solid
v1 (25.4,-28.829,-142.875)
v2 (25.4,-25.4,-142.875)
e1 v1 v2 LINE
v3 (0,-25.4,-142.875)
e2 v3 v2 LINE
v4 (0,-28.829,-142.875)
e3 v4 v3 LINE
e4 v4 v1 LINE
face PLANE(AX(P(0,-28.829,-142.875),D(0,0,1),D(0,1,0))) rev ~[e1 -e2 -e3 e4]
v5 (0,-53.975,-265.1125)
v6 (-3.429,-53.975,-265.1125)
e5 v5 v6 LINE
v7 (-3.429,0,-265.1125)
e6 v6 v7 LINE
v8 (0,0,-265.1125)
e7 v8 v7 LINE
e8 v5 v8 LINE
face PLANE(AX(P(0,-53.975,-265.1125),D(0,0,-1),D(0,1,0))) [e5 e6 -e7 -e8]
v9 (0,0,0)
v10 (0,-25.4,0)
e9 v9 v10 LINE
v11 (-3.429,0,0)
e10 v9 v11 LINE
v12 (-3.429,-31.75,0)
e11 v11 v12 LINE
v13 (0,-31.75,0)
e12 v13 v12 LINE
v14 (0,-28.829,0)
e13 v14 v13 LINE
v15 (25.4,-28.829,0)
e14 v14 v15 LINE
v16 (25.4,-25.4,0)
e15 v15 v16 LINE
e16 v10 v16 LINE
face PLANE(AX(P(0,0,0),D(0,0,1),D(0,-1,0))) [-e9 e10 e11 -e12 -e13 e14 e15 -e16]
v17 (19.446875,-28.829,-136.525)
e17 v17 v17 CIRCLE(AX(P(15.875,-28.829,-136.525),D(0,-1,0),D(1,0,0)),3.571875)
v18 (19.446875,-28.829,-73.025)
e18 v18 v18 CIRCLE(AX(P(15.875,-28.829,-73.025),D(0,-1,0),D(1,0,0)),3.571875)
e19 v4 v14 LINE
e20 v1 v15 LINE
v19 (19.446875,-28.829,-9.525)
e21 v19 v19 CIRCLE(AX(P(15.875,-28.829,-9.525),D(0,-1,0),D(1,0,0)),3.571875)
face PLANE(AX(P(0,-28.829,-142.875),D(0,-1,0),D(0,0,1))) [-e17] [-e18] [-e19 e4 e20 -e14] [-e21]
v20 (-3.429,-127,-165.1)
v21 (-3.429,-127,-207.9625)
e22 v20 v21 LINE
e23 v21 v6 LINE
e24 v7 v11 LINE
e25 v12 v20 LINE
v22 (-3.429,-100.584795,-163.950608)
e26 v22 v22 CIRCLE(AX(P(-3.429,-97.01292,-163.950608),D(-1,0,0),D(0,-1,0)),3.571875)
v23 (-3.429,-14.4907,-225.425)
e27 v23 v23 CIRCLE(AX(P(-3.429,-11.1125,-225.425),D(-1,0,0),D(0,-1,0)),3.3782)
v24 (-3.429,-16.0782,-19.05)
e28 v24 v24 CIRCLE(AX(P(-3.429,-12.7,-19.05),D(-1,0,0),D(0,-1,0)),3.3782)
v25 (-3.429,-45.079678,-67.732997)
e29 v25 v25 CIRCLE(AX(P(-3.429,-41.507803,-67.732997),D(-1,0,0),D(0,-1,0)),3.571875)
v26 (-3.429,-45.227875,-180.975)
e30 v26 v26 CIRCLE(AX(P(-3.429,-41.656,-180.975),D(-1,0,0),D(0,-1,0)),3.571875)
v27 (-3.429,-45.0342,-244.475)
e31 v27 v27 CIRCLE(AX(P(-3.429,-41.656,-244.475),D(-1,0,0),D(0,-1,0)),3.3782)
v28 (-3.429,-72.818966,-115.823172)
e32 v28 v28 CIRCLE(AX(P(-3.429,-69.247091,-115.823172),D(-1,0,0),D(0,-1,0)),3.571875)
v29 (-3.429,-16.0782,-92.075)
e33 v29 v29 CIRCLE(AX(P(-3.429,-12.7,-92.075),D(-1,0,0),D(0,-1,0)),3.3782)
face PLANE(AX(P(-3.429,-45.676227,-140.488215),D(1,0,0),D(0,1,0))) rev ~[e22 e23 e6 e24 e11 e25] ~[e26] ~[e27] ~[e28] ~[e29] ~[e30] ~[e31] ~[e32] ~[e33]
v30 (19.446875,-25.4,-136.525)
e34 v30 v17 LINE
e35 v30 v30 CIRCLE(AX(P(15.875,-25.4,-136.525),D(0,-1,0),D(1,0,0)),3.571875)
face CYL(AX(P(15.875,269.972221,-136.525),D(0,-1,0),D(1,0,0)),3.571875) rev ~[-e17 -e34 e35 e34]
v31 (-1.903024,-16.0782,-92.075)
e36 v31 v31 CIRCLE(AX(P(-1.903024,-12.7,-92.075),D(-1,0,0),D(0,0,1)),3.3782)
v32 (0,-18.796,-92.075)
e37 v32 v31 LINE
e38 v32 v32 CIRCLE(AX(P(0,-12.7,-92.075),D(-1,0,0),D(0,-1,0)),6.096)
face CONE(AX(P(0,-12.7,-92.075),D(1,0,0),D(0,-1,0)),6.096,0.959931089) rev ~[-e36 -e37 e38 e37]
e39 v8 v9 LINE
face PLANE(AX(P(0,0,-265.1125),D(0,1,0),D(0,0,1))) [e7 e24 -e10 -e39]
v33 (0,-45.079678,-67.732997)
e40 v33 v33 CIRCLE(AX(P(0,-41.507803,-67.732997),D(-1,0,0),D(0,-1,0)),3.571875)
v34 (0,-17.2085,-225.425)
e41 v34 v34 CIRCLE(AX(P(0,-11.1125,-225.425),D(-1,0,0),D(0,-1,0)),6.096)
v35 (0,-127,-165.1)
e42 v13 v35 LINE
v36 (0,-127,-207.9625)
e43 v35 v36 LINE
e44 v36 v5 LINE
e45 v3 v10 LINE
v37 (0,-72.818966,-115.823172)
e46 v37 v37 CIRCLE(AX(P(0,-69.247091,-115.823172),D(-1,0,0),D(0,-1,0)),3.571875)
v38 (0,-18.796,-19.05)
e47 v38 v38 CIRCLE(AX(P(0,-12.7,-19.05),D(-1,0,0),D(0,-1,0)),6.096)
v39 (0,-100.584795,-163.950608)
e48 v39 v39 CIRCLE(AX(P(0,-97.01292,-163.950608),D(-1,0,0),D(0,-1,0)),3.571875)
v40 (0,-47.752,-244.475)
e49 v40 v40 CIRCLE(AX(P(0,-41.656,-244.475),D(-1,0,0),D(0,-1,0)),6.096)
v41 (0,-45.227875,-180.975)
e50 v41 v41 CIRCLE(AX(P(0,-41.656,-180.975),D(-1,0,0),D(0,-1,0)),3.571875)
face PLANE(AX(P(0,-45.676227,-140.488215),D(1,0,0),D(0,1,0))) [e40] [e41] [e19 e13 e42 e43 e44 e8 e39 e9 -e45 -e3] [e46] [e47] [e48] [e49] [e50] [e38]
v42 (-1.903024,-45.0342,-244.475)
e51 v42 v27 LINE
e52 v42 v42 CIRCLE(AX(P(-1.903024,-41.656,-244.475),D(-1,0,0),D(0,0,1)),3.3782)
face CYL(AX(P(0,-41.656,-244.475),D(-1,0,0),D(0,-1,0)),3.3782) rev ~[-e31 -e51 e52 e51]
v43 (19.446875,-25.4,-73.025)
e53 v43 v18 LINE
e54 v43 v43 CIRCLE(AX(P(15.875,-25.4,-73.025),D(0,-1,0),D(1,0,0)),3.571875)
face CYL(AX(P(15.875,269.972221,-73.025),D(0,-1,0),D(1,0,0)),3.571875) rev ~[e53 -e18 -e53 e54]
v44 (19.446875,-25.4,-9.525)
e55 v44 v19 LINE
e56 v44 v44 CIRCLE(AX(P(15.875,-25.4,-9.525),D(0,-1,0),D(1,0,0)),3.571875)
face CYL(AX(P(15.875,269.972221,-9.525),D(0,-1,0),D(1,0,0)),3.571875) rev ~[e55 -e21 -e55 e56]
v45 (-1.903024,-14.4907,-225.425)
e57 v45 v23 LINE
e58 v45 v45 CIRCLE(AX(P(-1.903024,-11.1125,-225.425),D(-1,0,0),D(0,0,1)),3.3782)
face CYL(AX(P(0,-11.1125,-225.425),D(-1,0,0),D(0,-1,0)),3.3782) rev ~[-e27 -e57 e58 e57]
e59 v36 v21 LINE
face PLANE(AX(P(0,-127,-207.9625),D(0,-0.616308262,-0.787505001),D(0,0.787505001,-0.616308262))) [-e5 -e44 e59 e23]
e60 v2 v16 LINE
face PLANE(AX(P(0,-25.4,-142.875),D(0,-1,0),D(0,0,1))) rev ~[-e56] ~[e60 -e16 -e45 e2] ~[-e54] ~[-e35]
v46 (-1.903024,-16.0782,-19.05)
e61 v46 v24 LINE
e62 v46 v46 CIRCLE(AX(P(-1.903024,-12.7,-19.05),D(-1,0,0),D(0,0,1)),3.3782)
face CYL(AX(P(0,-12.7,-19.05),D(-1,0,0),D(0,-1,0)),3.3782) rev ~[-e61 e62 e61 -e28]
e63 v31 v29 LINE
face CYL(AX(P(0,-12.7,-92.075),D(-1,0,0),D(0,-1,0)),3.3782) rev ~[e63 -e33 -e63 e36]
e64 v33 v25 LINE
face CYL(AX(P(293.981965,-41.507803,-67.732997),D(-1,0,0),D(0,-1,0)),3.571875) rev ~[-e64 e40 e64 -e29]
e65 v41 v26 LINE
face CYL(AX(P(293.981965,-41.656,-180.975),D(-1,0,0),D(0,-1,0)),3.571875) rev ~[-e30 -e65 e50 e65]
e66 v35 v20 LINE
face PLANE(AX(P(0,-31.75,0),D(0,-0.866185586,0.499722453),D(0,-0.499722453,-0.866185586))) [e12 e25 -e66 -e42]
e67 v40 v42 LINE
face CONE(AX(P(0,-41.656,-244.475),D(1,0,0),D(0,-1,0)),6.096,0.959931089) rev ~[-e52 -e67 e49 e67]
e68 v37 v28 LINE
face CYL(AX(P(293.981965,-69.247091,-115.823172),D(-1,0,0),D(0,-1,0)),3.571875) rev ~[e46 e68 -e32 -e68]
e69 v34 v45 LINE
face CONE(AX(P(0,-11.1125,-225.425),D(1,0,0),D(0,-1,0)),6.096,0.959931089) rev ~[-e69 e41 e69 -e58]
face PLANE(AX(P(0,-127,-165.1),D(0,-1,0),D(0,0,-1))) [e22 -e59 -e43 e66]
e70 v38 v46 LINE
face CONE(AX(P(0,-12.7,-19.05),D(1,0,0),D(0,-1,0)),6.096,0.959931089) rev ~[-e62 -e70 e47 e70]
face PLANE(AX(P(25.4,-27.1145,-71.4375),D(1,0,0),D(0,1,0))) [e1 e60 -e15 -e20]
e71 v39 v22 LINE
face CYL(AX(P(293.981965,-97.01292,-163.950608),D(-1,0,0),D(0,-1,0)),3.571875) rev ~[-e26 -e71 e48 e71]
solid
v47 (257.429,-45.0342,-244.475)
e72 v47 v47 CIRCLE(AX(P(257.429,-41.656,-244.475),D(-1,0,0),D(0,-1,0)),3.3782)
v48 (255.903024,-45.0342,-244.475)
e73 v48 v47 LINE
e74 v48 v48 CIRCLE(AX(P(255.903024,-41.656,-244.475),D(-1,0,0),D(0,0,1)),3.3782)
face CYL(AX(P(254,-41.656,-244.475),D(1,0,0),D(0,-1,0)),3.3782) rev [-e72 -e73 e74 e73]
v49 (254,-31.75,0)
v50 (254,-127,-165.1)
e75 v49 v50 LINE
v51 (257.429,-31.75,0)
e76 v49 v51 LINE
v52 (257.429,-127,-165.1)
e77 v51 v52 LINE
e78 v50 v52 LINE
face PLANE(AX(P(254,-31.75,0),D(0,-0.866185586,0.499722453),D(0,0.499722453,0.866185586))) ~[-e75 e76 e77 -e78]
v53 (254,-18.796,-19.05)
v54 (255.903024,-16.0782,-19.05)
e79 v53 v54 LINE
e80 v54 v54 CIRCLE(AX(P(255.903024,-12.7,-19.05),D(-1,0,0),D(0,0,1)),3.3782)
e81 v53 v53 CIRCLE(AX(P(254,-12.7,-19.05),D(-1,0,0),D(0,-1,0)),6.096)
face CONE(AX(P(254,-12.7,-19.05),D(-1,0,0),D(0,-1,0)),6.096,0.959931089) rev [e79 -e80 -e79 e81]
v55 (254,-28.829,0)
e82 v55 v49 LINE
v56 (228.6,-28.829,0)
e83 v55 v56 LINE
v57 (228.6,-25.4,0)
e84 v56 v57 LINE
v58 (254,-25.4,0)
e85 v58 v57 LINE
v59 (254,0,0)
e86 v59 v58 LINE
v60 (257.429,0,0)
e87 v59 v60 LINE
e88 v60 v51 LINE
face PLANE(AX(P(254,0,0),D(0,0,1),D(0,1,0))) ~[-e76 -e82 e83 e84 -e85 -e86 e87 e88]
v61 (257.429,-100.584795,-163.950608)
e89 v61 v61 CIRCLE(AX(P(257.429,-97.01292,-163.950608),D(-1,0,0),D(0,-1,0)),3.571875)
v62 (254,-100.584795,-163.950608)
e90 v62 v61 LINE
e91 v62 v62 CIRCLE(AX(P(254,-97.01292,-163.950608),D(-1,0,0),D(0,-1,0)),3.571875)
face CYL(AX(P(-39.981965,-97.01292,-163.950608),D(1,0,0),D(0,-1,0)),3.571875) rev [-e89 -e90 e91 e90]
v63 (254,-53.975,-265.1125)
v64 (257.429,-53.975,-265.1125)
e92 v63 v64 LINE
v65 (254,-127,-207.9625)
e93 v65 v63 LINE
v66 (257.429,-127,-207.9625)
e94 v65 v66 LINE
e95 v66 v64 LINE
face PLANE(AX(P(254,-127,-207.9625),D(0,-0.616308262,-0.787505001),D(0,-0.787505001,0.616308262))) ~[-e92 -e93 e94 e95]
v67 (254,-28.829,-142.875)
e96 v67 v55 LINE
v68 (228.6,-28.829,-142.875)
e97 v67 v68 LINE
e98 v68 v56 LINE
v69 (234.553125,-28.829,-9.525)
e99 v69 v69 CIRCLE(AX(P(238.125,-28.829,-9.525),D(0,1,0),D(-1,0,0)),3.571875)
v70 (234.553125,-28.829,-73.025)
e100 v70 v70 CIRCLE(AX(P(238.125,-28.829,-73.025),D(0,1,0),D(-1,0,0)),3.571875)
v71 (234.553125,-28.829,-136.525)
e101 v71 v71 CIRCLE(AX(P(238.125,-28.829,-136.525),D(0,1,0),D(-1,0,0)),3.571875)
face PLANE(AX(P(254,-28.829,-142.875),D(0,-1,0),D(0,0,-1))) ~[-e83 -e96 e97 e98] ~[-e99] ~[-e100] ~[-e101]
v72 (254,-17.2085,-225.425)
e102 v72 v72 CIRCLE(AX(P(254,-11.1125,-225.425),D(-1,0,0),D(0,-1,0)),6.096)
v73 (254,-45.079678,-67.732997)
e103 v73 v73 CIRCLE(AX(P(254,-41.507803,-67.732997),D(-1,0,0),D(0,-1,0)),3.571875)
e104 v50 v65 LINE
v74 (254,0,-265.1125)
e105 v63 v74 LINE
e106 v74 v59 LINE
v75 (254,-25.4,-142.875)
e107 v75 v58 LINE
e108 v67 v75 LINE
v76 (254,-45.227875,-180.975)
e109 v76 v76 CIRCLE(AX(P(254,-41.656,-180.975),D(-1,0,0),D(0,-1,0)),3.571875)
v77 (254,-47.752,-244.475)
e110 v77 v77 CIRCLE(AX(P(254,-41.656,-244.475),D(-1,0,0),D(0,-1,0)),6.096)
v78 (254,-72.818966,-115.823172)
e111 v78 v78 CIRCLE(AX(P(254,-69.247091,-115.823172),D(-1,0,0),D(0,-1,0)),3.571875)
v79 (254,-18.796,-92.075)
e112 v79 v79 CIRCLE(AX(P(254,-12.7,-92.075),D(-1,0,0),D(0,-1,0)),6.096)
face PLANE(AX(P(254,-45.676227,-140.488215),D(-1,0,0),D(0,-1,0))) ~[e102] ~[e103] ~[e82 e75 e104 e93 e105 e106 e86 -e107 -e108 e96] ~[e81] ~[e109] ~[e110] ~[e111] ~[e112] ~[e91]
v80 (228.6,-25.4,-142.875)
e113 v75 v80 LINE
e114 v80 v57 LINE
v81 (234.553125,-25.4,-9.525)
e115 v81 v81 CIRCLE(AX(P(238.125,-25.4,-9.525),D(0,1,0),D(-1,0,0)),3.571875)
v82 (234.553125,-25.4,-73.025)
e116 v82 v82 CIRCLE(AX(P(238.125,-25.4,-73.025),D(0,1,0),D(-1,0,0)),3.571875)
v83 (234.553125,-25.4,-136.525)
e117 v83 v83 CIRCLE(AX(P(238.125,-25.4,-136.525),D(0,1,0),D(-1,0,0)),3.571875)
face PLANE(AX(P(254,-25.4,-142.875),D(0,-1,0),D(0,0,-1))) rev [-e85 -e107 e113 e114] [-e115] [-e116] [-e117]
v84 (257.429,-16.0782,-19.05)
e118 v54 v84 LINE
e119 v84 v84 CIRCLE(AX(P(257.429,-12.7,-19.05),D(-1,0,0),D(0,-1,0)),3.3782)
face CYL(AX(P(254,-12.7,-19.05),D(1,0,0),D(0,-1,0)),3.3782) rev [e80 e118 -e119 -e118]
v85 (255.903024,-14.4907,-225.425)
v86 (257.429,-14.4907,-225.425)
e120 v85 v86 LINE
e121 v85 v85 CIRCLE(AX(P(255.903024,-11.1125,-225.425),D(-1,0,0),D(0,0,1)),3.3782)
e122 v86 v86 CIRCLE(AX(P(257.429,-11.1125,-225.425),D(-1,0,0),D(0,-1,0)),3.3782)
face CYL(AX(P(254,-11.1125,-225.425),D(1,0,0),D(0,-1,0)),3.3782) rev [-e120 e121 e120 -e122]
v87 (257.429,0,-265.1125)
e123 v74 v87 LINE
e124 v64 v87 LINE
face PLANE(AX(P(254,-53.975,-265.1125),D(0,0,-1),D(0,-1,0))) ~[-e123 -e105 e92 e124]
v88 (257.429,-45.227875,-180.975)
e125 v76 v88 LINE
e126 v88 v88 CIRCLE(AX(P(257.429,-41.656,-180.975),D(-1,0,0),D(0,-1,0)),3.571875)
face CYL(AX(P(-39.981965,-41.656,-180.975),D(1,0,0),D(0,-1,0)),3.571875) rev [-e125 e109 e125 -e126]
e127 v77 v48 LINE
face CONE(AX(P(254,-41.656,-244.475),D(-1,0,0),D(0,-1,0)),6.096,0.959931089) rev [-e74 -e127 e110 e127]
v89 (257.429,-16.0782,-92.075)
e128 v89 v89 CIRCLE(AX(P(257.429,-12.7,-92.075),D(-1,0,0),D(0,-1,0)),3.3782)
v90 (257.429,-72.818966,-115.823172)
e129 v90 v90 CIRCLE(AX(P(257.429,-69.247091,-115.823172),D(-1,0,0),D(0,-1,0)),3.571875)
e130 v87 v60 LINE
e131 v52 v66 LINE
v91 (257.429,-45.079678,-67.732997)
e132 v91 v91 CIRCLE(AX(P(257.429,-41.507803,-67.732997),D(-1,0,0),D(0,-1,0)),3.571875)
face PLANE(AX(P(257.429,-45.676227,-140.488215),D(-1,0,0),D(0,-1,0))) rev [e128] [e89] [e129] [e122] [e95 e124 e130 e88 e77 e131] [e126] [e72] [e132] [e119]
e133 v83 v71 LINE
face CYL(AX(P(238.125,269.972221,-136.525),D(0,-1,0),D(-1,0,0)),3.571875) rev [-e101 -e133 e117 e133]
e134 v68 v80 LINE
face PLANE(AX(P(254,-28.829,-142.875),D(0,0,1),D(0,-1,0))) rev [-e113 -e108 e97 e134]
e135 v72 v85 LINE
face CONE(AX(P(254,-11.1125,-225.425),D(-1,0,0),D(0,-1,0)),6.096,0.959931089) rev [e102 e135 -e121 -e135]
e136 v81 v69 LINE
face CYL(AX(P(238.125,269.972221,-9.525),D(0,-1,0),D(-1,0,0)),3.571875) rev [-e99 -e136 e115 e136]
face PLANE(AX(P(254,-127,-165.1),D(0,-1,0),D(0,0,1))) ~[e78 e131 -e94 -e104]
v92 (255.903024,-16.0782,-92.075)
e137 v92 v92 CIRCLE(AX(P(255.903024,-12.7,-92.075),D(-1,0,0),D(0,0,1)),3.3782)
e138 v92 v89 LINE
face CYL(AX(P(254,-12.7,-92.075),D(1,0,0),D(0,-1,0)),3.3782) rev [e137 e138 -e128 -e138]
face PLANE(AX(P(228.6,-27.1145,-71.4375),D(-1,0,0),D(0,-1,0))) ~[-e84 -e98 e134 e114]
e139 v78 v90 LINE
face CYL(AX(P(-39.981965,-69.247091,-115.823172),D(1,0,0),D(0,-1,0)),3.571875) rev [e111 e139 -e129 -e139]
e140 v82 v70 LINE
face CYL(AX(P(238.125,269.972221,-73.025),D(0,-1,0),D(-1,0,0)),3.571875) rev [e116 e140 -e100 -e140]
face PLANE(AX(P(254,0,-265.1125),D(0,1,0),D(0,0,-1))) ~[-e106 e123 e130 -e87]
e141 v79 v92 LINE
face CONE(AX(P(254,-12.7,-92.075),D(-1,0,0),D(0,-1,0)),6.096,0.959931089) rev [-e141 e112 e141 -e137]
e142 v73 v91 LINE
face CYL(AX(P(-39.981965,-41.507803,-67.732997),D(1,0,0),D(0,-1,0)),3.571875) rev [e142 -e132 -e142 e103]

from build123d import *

# Parameters (mm, degrees)
F1_DEPTH       = 3.429
F3_D           = 6.7564
F3_CSINK_D     = 12.192
F3_CSINK_ANGLE = 110
F4_D           = 7.14375
F5_W           = 3.429
F5_H           = 142.875
F6_DEPTH       = 25.4
F8_D           = 7.14375


with BuildPart() as f1:
    # F0 (on Right) → F1 (new body)
    with BuildSketch(Plane.YZ):
        Polygon((0, -265.1125), (0, 0), (-31.75, 0), (-127, -165.1), (-127, -207.9625), (-53.975, -265.1125), align=None)
    extrude(amount=-F1_DEPTH)

    # F3 (through all)
    with Locations(Plane.YZ):
        with Locations((-12.7, -19.05), (-12.7, -92.075), (-11.1125, -225.425), (-41.656, -244.475)):
            CounterSinkHole(F3_D / 2, F3_CSINK_D / 2, counter_sink_angle=F3_CSINK_ANGLE)

    # F4 (through all)
    with Locations(Plane.YZ):
        with Locations((-41.507803, -67.732997), (-69.247091, -115.823172), (-97.01292, -163.950608), (-41.656, -180.975)):
            Hole(F4_D / 2)

    # F5 (on Right) → F6 (join)
    with BuildSketch(Plane.YZ):
        with Locations((-27.1145, -71.4375)):
            Rectangle(F5_W, F5_H)
    extrude(amount=F6_DEPTH)

    # F8 (through all)
    with Locations(Plane(origin=(0, -25.4, 0), x_dir=(-1, 0, 0), z_dir=(0, 1, 0))):
        with Locations((-15.875, -9.525), (-15.875, -73.025), (-15.875, -136.525)):
            Hole(F8_D / 2)


with BuildPart() as f10_1:
    # F10: instance of F1
    add(f1.part.mirror(Plane.YZ.offset(127)))


solid = Compound([f1.part, f10_1.part])
